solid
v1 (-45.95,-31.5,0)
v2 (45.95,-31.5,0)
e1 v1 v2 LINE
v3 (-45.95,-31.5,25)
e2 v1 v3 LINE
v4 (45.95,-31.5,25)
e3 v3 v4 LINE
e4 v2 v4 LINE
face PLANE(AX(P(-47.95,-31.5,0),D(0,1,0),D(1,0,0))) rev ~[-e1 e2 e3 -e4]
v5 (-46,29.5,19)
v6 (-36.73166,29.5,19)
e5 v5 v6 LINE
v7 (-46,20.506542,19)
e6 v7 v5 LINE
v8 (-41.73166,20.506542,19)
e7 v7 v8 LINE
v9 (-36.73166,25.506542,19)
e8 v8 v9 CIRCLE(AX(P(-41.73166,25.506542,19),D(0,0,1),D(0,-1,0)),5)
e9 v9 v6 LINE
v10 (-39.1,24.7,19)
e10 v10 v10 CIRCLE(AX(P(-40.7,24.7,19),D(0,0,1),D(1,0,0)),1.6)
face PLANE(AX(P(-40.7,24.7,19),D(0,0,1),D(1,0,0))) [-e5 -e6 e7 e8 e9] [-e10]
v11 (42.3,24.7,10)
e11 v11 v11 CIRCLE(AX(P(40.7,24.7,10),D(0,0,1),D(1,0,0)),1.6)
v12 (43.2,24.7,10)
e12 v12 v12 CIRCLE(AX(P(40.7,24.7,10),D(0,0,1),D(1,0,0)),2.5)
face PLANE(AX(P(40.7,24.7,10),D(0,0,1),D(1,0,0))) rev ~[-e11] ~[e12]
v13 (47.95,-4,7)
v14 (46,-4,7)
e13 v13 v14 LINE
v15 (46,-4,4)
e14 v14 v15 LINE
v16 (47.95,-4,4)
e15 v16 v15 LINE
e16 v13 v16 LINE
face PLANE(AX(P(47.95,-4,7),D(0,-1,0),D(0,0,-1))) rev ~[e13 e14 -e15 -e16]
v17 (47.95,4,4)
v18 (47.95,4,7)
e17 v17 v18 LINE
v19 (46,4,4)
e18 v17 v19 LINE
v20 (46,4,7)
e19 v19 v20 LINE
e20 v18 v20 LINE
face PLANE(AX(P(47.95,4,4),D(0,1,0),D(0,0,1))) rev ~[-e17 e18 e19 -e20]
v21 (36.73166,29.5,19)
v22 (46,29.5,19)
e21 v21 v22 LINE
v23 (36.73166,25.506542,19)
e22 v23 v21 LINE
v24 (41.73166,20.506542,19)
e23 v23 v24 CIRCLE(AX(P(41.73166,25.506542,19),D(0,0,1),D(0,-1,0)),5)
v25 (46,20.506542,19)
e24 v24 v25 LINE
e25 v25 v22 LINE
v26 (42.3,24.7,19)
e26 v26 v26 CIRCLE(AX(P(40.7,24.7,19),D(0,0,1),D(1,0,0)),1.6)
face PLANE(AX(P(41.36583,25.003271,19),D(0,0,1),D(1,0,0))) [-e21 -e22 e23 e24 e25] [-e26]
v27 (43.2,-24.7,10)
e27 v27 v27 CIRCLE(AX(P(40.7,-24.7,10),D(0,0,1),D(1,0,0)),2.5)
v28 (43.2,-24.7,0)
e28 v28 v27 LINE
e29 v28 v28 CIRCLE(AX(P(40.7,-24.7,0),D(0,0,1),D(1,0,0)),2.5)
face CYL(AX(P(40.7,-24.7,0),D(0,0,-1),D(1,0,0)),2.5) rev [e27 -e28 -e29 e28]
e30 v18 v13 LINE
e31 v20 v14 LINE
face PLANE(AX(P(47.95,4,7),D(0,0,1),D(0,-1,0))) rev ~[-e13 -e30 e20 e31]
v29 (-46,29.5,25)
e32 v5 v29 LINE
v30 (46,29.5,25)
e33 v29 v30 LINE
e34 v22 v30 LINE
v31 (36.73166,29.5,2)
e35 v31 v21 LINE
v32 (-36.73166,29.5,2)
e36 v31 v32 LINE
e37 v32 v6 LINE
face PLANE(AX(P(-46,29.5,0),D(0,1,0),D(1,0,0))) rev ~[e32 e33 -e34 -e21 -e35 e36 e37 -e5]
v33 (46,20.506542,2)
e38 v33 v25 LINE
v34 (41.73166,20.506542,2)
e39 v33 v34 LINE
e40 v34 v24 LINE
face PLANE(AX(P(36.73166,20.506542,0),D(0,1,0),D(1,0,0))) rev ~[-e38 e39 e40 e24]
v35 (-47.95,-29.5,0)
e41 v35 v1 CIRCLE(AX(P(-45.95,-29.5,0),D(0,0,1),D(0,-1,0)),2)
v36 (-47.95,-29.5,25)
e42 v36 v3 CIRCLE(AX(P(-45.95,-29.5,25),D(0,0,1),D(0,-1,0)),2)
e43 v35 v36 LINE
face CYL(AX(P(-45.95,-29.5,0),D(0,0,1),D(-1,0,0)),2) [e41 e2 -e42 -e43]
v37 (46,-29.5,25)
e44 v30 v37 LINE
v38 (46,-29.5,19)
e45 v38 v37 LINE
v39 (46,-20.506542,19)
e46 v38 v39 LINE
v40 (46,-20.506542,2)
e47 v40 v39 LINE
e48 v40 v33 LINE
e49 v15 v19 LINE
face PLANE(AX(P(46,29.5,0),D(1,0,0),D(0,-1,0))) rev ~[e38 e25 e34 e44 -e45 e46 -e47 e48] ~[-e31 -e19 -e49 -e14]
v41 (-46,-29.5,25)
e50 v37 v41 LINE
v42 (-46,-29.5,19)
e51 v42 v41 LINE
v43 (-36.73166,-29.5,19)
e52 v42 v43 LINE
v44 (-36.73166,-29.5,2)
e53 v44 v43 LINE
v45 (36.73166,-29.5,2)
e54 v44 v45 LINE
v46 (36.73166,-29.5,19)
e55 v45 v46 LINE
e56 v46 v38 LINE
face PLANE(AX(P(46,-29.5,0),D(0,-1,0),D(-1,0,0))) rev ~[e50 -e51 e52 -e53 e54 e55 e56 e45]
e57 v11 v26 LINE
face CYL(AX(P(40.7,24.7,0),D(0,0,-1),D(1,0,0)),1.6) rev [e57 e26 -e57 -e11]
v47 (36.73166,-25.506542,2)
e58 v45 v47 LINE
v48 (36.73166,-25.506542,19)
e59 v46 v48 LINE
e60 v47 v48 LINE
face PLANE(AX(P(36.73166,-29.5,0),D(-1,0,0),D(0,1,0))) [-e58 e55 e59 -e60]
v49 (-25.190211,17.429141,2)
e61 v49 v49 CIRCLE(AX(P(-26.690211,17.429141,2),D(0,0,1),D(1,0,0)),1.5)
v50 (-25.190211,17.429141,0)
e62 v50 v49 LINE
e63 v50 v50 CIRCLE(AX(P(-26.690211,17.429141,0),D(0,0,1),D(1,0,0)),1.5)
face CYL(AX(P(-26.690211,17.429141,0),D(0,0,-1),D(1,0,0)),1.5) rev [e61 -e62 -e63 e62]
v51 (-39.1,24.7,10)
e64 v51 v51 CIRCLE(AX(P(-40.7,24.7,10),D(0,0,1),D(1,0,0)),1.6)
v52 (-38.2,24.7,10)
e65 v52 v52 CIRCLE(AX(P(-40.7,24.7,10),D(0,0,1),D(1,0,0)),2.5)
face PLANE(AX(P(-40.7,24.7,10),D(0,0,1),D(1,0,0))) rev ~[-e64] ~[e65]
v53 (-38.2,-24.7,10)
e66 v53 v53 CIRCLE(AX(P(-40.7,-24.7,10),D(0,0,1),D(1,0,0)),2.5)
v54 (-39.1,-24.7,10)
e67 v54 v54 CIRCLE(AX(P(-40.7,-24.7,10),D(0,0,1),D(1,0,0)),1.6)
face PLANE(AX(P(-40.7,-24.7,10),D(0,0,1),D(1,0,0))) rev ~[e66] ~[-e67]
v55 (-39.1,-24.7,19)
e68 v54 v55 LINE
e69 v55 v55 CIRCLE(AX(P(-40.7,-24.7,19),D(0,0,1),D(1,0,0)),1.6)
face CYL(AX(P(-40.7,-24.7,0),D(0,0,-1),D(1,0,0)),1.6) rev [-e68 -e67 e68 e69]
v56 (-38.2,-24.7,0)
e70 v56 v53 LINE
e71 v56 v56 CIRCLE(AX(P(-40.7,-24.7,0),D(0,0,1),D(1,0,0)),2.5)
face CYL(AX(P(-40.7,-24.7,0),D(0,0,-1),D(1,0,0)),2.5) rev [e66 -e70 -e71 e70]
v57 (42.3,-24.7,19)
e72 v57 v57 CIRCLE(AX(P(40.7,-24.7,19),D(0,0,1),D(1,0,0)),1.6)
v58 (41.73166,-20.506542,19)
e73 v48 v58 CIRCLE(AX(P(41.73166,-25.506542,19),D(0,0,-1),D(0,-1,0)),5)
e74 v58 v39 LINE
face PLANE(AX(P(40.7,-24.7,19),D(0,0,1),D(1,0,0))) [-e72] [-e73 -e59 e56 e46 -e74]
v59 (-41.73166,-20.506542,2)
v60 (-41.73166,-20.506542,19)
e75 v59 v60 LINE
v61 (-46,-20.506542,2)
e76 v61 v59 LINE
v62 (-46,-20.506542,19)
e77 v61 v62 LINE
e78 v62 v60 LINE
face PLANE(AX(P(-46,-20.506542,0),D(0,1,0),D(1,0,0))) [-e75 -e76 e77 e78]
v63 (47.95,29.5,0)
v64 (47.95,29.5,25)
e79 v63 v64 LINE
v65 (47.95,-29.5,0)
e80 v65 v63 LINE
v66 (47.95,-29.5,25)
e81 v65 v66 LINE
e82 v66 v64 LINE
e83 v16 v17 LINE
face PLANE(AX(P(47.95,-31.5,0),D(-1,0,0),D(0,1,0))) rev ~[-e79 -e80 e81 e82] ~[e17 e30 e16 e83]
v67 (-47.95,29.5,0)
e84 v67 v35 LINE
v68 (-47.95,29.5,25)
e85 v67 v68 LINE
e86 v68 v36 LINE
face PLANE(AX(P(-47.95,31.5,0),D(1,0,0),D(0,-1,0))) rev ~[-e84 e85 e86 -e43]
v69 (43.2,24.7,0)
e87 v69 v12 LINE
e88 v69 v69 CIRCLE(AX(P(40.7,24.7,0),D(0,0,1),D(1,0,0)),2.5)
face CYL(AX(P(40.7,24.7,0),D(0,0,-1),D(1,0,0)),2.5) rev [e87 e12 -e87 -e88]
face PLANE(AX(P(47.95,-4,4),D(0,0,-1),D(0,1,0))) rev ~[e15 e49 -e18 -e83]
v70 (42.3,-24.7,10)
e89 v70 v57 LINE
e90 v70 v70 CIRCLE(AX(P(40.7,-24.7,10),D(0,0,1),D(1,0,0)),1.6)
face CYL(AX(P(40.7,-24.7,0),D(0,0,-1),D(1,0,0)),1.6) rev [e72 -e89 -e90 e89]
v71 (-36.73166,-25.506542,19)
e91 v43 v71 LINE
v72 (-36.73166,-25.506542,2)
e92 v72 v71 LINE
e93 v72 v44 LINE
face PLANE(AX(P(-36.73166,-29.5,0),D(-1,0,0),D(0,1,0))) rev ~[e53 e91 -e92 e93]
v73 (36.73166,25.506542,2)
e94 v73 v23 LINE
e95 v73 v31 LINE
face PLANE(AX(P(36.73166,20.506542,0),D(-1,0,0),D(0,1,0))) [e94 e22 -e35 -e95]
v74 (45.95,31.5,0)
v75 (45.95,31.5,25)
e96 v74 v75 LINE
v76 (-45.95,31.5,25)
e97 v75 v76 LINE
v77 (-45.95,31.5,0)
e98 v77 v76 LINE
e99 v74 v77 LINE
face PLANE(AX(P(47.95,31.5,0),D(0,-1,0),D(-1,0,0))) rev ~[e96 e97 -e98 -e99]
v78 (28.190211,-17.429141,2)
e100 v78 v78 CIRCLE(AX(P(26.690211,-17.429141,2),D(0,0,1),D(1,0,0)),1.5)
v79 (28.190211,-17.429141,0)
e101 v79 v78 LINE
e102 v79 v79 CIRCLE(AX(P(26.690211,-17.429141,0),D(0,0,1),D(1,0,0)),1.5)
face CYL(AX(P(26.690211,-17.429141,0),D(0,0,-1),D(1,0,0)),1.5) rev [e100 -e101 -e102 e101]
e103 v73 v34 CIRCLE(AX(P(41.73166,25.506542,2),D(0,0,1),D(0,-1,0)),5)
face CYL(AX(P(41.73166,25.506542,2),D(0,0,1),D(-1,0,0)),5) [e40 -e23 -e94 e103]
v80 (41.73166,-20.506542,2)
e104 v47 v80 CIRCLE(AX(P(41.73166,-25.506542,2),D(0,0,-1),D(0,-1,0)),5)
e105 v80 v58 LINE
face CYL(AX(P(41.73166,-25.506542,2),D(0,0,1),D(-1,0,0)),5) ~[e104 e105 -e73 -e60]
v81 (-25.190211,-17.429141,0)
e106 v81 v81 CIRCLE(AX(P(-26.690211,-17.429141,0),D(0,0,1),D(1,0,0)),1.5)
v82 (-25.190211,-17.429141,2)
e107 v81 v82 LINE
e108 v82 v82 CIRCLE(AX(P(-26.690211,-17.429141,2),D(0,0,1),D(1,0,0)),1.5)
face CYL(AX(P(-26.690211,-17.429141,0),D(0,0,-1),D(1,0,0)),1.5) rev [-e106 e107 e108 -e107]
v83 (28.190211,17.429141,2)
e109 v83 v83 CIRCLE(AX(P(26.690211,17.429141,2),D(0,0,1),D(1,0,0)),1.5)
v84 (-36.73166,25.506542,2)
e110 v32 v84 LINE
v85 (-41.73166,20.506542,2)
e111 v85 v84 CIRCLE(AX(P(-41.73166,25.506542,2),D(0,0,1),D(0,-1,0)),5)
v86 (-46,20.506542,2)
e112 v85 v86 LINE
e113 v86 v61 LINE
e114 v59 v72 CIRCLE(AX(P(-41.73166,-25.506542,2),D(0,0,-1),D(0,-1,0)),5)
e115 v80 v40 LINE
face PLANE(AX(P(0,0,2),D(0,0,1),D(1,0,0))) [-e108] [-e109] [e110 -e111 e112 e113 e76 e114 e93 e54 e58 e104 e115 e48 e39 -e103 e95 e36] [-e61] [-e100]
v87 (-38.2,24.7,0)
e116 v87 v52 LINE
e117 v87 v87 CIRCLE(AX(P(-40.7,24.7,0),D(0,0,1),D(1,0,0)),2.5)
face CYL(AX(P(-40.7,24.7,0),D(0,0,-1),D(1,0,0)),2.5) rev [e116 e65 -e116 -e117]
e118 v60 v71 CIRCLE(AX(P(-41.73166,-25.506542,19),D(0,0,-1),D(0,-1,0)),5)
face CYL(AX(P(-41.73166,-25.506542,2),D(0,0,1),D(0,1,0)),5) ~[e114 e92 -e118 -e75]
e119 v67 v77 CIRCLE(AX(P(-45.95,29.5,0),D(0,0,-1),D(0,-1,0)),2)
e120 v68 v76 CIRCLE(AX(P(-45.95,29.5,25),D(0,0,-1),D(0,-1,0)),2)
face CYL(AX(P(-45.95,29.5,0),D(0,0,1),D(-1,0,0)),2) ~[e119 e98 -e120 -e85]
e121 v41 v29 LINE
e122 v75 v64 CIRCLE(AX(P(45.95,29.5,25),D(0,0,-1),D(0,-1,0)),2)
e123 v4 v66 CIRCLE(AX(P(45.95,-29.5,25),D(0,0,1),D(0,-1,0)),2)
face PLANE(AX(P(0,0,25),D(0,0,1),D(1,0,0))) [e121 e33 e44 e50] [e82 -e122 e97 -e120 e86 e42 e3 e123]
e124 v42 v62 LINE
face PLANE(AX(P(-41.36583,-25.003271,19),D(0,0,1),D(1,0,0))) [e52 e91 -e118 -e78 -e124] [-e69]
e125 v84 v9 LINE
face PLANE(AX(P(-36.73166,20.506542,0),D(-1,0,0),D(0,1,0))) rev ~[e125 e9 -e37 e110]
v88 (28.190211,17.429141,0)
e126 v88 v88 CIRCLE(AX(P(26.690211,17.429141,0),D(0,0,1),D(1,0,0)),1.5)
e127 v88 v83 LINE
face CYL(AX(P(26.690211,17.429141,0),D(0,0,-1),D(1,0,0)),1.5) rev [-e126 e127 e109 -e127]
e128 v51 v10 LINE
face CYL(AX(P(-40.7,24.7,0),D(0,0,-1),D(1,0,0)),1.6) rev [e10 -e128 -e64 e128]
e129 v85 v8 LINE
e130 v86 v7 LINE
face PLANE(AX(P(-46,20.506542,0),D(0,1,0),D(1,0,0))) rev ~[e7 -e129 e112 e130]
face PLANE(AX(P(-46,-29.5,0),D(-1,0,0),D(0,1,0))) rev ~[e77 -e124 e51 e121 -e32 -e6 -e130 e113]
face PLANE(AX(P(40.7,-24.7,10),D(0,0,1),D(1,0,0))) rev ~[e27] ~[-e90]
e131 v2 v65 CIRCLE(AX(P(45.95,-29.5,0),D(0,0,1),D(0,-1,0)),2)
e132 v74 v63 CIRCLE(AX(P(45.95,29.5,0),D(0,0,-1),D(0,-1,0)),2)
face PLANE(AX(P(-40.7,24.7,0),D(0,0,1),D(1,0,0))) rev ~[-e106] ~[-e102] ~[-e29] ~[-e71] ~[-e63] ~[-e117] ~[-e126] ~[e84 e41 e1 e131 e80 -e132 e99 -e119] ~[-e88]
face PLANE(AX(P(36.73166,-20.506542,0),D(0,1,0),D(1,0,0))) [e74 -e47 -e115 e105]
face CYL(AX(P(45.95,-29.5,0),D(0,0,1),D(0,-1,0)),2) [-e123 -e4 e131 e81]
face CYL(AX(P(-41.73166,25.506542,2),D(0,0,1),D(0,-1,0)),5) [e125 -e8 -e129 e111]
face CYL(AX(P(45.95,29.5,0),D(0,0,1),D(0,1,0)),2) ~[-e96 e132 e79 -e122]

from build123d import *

# Parameters (mm, degrees)
F1_DEPTH  = 25
F2_R      = 2
F3_R      = 2
F0_R      = 1.5
F4_DEPTH  = 2
F0_W      = 9.26834
F0_H      = 8.993458
F0_R_2    = 2.5
F5_DEPTH  = 19
F6_R      = 5
F0_R_3    = 1.6
F7_DEPTH  = 19
F8_DEPTH  = 10
F10_DEPTH = 25


with BuildPart() as f1:
    # F0 (on Top) → F1 (new body)
    with BuildSketch(Plane.XY):
        Polygon((-47.95, 31.5), (-47.95, 0), (-47.95, -31.5), (0, -31.5), (47.95, -31.5), (47.95, 0), (47.95, 31.5), (0, 31.5), align=None)
        Polygon((-46, -20.506542), (-46, 0), (-46, 20.506542), (-46, 29.5), (-36.73166, 29.5), (0, 29.5), (36.73166, 29.5), (46, 29.5), (46, 20.506542), (46, 0), (46, -20.506542), (46, -29.5), (36.73166, -29.5), (0, -29.5), (-36.73166, -29.5), (-46, -29.5), align=None, mode=Mode.SUBTRACT)
    extrude(amount=F1_DEPTH)

    # F2
    f2_edges = [f1.edges().sort_by_distance(p)[0] for p in [
        (-47.95, -31.5, 12.5),
    ]]
    fillet(f2_edges, radius=F2_R)

    # F3
    f3_edges = [f1.edges().sort_by_distance(p)[0] for p in [
        (47.95, -31.5, 12.5),
        (47.95, 31.5, 12.5),
        (-47.95, 31.5, 12.5),
    ]]
    fillet(f3_edges, radius=F3_R)

    # F0 (on Top) → F4 (join)
    with BuildSketch(Plane.XY):
        Polygon((-46, 20.506542), (-46, 0), (-46, -20.506542), (-36.73166, -20.506542), (-36.73166, -29.5), (0, -29.5), (36.73166, -29.5), (36.73166, -20.506542), (46, -20.506542), (46, 0), (46, 20.506542), (36.73166, 20.506542), (36.73166, 29.5), (0, 29.5), (-36.73166, 29.5), (-36.73166, 20.506542), align=None)
        with Locations((-26.690211, -17.429141)):
            Circle(F0_R, mode=Mode.SUBTRACT)
        with Locations((26.690211, -17.429141)):
            Circle(F0_R, mode=Mode.SUBTRACT)
        with Locations((-26.690211, 17.429141)):
            Circle(F0_R, mode=Mode.SUBTRACT)
        with Locations((26.690211, 17.429141)):
            Circle(F0_R, mode=Mode.SUBTRACT)
    extrude(amount=F4_DEPTH)

    # F0 (on Top) → F5 (join)
    with BuildSketch(Plane.XY):
        with Locations((-41.36583, 25.003271)):
            Rectangle(F0_W, F0_H)
        with Locations((-40.7, 24.7)):
            Circle(F0_R_2, mode=Mode.SUBTRACT)
        with Locations((41.36583, 25.003271)):
            Rectangle(F0_W, F0_H)
        with Locations((40.7, 24.7)):
            Circle(F0_R_2, mode=Mode.SUBTRACT)
        with Locations((41.36583, -25.003271)):
            Rectangle(F0_W, F0_H)
        with Locations((40.7, -24.7)):
            Circle(F0_R_2, mode=Mode.SUBTRACT)
        with Locations((-41.36583, -25.003271)):
            Rectangle(F0_W, F0_H)
        with Locations((-40.7, -24.7)):
            Circle(F0_R_2, mode=Mode.SUBTRACT)
    extrude(amount=F5_DEPTH)

    # F6
    f6_edges = [f1.edges().sort_by_distance(p)[0] for p in [
        (-36.73166, 20.506542, 10.5),
        (36.73166, 20.506542, 10.5),
        (36.73166, -20.506542, 10.5),
        (-36.73166, -20.506542, 10.5),
    ]]
    fillet(f6_edges, radius=F6_R)

    # F0 (on Top) → F7 (join)
    with BuildSketch(Plane.XY):
        with Locations((-40.7, 24.7)):
            Circle(F0_R_2)
        with Locations((-40.7, 24.7)):
            Circle(F0_R_3, mode=Mode.SUBTRACT)
        with Locations((40.7, 24.7)):
            Circle(F0_R_2)
        with Locations((40.7, 24.7)):
            Circle(F0_R_3, mode=Mode.SUBTRACT)
        with Locations((40.7, -24.7)):
            Circle(F0_R_2)
        with Locations((40.7, -24.7)):
            Circle(F0_R_3, mode=Mode.SUBTRACT)
        with Locations((-40.7, -24.7)):
            Circle(F0_R_2)
        with Locations((-40.7, -24.7)):
            Circle(F0_R_3, mode=Mode.SUBTRACT)
    extrude(amount=F7_DEPTH)

    # F0 (on Top) → F8 (cut)
    with BuildSketch(Plane.XY):
        with Locations((-40.7, 24.7)):
            Circle(F0_R_2)
        with Locations((-40.7, 24.7)):
            Circle(F0_R_3, mode=Mode.SUBTRACT)
        with Locations((-40.7, -24.7)):
            Circle(F0_R_2)
        with Locations((-40.7, -24.7)):
            Circle(F0_R_3, mode=Mode.SUBTRACT)
        with Locations((40.7, -24.7)):
            Circle(F0_R_2)
        with Locations((40.7, -24.7)):
            Circle(F0_R_3, mode=Mode.SUBTRACT)
        with Locations((40.7, 24.7)):
            Circle(F0_R_2)
        with Locations((40.7, 24.7)):
            Circle(F0_R_3, mode=Mode.SUBTRACT)
    extrude(amount=F8_DEPTH, mode=Mode.SUBTRACT)

    # F9 (on face) → F10 (cut)
    with BuildSketch(Plane.YZ.offset(47.95)):
        Polygon((-4, 4), (0, 4), (4, 4), (4, 7), (0, 7), (-4, 7), align=None)
    extrude(amount=-F10_DEPTH, mode=Mode.SUBTRACT)


solid = f1.part
